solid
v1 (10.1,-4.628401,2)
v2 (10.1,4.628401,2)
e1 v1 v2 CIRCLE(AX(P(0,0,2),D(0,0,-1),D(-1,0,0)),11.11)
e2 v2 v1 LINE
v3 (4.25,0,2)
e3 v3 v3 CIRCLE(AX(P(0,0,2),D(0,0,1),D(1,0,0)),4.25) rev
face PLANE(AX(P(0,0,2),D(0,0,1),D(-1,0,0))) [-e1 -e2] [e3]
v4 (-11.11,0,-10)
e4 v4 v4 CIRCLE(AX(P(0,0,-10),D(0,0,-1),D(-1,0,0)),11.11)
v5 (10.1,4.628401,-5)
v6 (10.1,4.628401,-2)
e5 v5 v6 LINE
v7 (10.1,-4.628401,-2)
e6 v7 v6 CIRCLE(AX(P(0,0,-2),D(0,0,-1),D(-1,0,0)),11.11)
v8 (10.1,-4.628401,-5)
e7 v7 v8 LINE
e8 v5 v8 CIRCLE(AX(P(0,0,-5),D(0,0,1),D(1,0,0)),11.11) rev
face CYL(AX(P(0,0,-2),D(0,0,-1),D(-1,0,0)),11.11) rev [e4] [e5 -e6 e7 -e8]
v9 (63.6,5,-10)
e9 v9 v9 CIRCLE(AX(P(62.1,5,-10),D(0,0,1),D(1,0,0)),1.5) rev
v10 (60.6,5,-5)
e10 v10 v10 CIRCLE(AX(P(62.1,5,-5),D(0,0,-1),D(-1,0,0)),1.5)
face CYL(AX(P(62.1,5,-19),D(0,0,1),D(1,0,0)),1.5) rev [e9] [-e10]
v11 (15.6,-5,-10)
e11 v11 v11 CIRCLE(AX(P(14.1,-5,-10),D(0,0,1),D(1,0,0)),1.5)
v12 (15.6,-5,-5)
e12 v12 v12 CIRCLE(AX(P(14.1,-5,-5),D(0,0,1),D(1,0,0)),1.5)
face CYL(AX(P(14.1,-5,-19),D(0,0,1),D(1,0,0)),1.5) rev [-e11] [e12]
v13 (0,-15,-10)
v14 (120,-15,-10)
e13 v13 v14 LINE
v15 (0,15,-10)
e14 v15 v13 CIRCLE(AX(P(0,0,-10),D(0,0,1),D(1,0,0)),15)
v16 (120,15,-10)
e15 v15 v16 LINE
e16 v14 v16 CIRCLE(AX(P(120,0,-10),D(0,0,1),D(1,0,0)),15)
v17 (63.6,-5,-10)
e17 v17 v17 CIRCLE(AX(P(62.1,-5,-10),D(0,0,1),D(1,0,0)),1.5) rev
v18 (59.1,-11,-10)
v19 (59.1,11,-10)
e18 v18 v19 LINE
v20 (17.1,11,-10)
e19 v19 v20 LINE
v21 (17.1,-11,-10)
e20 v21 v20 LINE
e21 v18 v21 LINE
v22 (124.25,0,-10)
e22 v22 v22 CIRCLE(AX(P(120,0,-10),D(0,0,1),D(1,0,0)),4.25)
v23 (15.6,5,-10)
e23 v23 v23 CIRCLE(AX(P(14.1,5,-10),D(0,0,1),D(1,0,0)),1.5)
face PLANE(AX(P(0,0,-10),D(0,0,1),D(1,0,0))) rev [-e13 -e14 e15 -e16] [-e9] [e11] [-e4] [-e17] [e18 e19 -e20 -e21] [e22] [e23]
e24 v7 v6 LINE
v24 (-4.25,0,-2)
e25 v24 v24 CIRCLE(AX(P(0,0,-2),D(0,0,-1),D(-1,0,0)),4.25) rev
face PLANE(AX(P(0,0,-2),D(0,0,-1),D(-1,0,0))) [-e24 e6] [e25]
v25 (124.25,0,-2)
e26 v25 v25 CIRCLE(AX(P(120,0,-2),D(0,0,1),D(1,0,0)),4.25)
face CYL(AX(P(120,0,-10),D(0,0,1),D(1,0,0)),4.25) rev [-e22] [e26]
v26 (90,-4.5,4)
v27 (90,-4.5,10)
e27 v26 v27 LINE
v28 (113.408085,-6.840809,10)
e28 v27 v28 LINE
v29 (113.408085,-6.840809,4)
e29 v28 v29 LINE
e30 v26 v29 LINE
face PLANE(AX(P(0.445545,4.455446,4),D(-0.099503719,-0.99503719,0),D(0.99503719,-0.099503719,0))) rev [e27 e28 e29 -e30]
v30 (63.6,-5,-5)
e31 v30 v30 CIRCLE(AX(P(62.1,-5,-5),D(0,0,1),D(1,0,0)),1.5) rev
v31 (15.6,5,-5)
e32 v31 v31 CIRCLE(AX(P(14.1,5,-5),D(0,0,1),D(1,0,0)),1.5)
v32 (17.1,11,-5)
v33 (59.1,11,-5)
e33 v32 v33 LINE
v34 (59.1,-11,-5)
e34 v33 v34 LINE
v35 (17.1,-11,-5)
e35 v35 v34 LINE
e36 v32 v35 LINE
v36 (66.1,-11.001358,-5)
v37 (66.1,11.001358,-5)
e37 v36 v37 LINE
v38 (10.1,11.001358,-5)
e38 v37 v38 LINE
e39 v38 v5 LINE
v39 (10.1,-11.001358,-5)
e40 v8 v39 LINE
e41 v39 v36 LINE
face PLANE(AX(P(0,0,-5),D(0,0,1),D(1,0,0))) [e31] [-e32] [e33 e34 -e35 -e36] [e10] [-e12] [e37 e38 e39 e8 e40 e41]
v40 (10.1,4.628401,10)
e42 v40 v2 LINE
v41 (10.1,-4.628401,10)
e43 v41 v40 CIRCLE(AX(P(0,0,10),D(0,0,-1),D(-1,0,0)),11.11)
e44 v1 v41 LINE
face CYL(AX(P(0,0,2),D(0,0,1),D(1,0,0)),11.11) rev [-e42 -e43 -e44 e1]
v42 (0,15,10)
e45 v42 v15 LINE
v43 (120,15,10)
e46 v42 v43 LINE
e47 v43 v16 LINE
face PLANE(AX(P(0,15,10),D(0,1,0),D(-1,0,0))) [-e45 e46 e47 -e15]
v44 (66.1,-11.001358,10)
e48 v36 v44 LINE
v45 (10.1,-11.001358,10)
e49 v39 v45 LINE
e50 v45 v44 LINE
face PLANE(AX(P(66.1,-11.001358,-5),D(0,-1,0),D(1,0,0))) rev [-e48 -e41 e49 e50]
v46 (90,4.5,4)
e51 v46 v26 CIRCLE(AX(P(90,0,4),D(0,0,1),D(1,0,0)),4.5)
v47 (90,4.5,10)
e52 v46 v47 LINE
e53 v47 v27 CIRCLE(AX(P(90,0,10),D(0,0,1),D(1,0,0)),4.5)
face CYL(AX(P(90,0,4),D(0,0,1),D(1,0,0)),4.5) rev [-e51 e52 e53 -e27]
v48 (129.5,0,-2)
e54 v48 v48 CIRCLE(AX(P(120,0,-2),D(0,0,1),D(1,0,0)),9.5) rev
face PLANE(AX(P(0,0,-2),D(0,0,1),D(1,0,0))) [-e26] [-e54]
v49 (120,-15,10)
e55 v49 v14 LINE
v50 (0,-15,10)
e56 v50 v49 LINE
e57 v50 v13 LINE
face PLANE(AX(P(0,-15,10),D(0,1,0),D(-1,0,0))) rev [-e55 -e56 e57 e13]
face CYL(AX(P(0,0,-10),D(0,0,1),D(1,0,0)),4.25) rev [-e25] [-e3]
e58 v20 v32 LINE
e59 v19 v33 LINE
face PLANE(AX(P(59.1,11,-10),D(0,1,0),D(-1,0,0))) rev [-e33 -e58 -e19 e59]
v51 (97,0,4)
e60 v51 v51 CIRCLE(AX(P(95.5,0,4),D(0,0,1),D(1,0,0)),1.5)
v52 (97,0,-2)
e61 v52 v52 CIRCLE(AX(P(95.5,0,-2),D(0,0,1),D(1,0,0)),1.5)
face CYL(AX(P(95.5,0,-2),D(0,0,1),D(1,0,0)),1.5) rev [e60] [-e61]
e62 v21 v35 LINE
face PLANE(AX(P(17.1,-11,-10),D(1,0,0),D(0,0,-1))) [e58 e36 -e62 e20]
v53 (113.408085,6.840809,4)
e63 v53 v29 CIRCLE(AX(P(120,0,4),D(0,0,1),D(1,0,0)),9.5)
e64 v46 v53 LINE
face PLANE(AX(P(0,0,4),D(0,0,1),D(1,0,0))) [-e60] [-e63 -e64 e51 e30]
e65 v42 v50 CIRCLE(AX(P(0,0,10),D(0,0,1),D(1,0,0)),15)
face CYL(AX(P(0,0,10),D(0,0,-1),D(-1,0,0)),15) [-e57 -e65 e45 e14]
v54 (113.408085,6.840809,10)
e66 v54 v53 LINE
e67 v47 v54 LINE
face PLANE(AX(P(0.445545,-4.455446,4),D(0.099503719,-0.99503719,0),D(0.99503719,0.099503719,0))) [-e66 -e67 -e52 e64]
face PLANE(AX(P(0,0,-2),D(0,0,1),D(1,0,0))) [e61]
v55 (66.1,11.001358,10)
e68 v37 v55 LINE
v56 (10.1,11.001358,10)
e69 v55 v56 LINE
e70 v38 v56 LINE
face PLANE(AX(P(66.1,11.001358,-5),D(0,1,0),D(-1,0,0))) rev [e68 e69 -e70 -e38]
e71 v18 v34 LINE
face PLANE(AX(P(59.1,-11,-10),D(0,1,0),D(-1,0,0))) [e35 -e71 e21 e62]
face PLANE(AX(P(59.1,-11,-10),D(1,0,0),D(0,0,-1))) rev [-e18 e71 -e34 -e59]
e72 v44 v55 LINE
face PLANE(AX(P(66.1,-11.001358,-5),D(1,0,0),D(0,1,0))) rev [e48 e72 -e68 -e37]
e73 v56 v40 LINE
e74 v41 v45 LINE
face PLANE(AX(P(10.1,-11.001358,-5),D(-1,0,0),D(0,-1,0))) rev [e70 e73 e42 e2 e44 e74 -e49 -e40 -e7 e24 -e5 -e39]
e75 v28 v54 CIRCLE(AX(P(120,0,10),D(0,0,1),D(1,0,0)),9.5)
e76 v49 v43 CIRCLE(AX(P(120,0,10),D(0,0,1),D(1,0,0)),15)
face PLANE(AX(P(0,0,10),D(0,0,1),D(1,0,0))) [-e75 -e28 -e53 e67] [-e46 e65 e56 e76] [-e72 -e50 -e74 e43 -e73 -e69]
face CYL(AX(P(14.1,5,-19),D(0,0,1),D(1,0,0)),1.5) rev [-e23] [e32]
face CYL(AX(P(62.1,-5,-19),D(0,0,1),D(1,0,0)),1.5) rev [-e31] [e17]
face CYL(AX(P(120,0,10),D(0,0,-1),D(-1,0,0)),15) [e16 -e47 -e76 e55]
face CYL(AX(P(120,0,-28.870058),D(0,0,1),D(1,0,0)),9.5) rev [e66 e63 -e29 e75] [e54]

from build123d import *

# Parameters (mm, degrees)
BOSS_EXTRUDE1_DEPTH = 10
CUT_EXTRUDE4_DEPTH  = 6
SKETCH3_3_R         = 7.5
SKETCH3_3_R_2       = 4.25
SKETCH3_3_R_3       = 1.5
CUT_EXTRUDE5_DEPTH  = 12
SKETCH3_4_R         = 4.25
CUT_EXTRUDE6_DEPTH  = 138.295302177
SKETCH4_R           = 4.25
SKETCH4_W           = 42
SKETCH4_H           = 22
CUT_EXTRUDE8_DEPTH  = 138.295302177
SKETCH5_R           = 11.11
CUT_EXTRUDE10_DEPTH = 8
SKETCH7_W           = 56
SKETCH7_H           = 22.002715538
CUT_EXTRUDE12_DEPTH = 15
SKETCH8_R           = 1.5
CUT_EXTRUDE13_DEPTH = 14
CUT_EXTRUDE14_REACH = 139.295
SKETCH9_R           = 9.5


with BuildPart() as part:
    # Sketch1 → Boss-Extrude1 (new, symmetric)
    with BuildSketch(Plane.XY):
        with BuildLine():
            Line((120, 15), (0, 15))
            ThreePointArc((0, 15), (-15, 0), (0, -15))
            Line((0, -15), (120, -15))
            ThreePointArc((120, -15), (135, 0), (120, 15))
        make_face()
    extrude(amount=BOSS_EXTRUDE1_DEPTH, both=True)

    # Sketch3 → Cut-Extrude4 (cut)
    with BuildSketch(Plane.XY.offset(10)):
        with BuildLine():
            ThreePointArc((90, 4.5), (86.818019485, 3.181980515), (85.5, 0))
            Line((85.5, 0), (94, 0))
            ThreePointArc((94, 0), (94.099918834, 0.538305422), (94.386363636, 1.004895044))
            ThreePointArc((94.386363636, 1.004895044), (92.80427997, 3.519376912), (90, 4.5))
        make_face()
        with BuildLine():
            Line((94, 0), (85.5, 0))
            ThreePointArc((85.5, 0), (86.818019485, -3.181980515), (90, -4.5))
            ThreePointArc((90, -4.5), (92.80427997, -3.519376912), (94.386363636, -1.004895044))
            ThreePointArc((94.386363636, -1.004895044), (94.099918834, -0.538305422), (94, 0))
        make_face()
        with BuildLine():
            Line((118.514851485, 7.351485149), (90, 4.5))
            ThreePointArc((90, 4.5), (92.80427997, 3.519376912), (94.386363636, 1.004895044))
            ThreePointArc((94.386363636, 1.004895044), (96.038305422, 1.400081166), (97, 0))
            ThreePointArc((97, 0), (96.038305422, -1.400081166), (94.386363636, -1.004895044))
            ThreePointArc((94.386363636, -1.004895044), (92.80427997, -3.519376912), (90, -4.5))
            Line((90, -4.5), (118.514851485, -7.351485149))
            ThreePointArc((118.514851485, -7.351485149), (112.5, 0), (118.514851485, 7.351485149))
        make_face()
    extrude(amount=-CUT_EXTRUDE4_DEPTH, mode=Mode.SUBTRACT)

    # Sketch3<3> → Cut-Extrude5 (cut)
    # profile 1 of 2: a face of its own
    with BuildSketch(Plane.XY.offset(10)):
        with Locations((120, 0)):
            Circle(SKETCH3_3_R)
        with Locations((120, 0)):
            Circle(SKETCH3_3_R_2, mode=Mode.SUBTRACT)
    # profile 2 of 2: a face of its own
    with BuildSketch(Plane.XY.offset(10)):
        with Locations((95.5, 0)):
            Circle(SKETCH3_3_R_3)
    extrude(amount=-CUT_EXTRUDE5_DEPTH, mode=Mode.SUBTRACT)

    # Sketch3<4> → Cut-Extrude6 (cut, through all)
    with BuildSketch(Plane.XY.offset(10)):
        with Locations((120, 0)):
            Circle(SKETCH3_4_R)
    extrude(amount=-CUT_EXTRUDE6_DEPTH, mode=Mode.SUBTRACT)

    # Sketch4 → Cut-Extrude8 (cut, through all)
    with BuildSketch(Plane.XY.offset(10)):
        Circle(SKETCH4_R)
        with Locations((38.1, 0)):
            Rectangle(SKETCH4_W, SKETCH4_H)
    extrude(amount=-CUT_EXTRUDE8_DEPTH, mode=Mode.SUBTRACT)

    # Sketch5 → Cut-Extrude10 (cut)
    with BuildSketch(Plane(origin=(0, 0, -10), x_dir=(-1, 0, 0), z_dir=(0, 0, -1))):
        Circle(SKETCH5_R)
    cut_extrude10 = extrude(amount=-CUT_EXTRUDE10_DEPTH, mode=Mode.SUBTRACT)

    # Mirror2: Cut-Extrude10 across plane
    add(cut_extrude10.mirror(Plane.XY), mode=Mode.SUBTRACT)

    # Sketch7 → Cut-Extrude12 (cut)
    with BuildSketch(Plane.XY.offset(10)):
        with Locations((38.1, 0)):
            Rectangle(SKETCH7_W, SKETCH7_H)
    extrude(amount=-CUT_EXTRUDE12_DEPTH, mode=Mode.SUBTRACT)

    # Sketch8 → Cut-Extrude13 (cut)
    with BuildSketch(Plane.XY.offset(-5)):
        with Locations((14.1, 5)):
            Circle(SKETCH8_R)
        with Locations((14.1, -5)):
            Circle(SKETCH8_R)
        with Locations((62.1, -5)):
            Circle(SKETCH8_R)
        with Locations((62.1, 5)):
            Circle(SKETCH8_R)
    extrude(amount=-CUT_EXTRUDE13_DEPTH, mode=Mode.SUBTRACT)

    # Cut-Extrude14: up to this face of the body (flat: up to its plane)
    cut_extrude14_end = Plane(part.part.faces().sort_by_distance((112.712132034, 0, -2))[0])
    # Sketch9 → Cut-Extrude14 (cut, up to the picked face)
    with BuildSketch(Plane.XY.offset(10), mode=Mode.PRIVATE) as cut_extrude14_sk1:
        with Locations((120, 0)):
            Circle(SKETCH9_R)
    cut_extrude14_tool1 = split(extrude(cut_extrude14_sk1.sketch, amount=-CUT_EXTRUDE14_REACH, mode=Mode.PRIVATE), bisect_by=cut_extrude14_end, keep=Keep.BOTH, mode=Mode.PRIVATE)
    add(cut_extrude14_tool1.solids().sort_by(Axis((120, 0, 10), (0, 0, -1)))[0], mode=Mode.SUBTRACT)


solid = part.part
